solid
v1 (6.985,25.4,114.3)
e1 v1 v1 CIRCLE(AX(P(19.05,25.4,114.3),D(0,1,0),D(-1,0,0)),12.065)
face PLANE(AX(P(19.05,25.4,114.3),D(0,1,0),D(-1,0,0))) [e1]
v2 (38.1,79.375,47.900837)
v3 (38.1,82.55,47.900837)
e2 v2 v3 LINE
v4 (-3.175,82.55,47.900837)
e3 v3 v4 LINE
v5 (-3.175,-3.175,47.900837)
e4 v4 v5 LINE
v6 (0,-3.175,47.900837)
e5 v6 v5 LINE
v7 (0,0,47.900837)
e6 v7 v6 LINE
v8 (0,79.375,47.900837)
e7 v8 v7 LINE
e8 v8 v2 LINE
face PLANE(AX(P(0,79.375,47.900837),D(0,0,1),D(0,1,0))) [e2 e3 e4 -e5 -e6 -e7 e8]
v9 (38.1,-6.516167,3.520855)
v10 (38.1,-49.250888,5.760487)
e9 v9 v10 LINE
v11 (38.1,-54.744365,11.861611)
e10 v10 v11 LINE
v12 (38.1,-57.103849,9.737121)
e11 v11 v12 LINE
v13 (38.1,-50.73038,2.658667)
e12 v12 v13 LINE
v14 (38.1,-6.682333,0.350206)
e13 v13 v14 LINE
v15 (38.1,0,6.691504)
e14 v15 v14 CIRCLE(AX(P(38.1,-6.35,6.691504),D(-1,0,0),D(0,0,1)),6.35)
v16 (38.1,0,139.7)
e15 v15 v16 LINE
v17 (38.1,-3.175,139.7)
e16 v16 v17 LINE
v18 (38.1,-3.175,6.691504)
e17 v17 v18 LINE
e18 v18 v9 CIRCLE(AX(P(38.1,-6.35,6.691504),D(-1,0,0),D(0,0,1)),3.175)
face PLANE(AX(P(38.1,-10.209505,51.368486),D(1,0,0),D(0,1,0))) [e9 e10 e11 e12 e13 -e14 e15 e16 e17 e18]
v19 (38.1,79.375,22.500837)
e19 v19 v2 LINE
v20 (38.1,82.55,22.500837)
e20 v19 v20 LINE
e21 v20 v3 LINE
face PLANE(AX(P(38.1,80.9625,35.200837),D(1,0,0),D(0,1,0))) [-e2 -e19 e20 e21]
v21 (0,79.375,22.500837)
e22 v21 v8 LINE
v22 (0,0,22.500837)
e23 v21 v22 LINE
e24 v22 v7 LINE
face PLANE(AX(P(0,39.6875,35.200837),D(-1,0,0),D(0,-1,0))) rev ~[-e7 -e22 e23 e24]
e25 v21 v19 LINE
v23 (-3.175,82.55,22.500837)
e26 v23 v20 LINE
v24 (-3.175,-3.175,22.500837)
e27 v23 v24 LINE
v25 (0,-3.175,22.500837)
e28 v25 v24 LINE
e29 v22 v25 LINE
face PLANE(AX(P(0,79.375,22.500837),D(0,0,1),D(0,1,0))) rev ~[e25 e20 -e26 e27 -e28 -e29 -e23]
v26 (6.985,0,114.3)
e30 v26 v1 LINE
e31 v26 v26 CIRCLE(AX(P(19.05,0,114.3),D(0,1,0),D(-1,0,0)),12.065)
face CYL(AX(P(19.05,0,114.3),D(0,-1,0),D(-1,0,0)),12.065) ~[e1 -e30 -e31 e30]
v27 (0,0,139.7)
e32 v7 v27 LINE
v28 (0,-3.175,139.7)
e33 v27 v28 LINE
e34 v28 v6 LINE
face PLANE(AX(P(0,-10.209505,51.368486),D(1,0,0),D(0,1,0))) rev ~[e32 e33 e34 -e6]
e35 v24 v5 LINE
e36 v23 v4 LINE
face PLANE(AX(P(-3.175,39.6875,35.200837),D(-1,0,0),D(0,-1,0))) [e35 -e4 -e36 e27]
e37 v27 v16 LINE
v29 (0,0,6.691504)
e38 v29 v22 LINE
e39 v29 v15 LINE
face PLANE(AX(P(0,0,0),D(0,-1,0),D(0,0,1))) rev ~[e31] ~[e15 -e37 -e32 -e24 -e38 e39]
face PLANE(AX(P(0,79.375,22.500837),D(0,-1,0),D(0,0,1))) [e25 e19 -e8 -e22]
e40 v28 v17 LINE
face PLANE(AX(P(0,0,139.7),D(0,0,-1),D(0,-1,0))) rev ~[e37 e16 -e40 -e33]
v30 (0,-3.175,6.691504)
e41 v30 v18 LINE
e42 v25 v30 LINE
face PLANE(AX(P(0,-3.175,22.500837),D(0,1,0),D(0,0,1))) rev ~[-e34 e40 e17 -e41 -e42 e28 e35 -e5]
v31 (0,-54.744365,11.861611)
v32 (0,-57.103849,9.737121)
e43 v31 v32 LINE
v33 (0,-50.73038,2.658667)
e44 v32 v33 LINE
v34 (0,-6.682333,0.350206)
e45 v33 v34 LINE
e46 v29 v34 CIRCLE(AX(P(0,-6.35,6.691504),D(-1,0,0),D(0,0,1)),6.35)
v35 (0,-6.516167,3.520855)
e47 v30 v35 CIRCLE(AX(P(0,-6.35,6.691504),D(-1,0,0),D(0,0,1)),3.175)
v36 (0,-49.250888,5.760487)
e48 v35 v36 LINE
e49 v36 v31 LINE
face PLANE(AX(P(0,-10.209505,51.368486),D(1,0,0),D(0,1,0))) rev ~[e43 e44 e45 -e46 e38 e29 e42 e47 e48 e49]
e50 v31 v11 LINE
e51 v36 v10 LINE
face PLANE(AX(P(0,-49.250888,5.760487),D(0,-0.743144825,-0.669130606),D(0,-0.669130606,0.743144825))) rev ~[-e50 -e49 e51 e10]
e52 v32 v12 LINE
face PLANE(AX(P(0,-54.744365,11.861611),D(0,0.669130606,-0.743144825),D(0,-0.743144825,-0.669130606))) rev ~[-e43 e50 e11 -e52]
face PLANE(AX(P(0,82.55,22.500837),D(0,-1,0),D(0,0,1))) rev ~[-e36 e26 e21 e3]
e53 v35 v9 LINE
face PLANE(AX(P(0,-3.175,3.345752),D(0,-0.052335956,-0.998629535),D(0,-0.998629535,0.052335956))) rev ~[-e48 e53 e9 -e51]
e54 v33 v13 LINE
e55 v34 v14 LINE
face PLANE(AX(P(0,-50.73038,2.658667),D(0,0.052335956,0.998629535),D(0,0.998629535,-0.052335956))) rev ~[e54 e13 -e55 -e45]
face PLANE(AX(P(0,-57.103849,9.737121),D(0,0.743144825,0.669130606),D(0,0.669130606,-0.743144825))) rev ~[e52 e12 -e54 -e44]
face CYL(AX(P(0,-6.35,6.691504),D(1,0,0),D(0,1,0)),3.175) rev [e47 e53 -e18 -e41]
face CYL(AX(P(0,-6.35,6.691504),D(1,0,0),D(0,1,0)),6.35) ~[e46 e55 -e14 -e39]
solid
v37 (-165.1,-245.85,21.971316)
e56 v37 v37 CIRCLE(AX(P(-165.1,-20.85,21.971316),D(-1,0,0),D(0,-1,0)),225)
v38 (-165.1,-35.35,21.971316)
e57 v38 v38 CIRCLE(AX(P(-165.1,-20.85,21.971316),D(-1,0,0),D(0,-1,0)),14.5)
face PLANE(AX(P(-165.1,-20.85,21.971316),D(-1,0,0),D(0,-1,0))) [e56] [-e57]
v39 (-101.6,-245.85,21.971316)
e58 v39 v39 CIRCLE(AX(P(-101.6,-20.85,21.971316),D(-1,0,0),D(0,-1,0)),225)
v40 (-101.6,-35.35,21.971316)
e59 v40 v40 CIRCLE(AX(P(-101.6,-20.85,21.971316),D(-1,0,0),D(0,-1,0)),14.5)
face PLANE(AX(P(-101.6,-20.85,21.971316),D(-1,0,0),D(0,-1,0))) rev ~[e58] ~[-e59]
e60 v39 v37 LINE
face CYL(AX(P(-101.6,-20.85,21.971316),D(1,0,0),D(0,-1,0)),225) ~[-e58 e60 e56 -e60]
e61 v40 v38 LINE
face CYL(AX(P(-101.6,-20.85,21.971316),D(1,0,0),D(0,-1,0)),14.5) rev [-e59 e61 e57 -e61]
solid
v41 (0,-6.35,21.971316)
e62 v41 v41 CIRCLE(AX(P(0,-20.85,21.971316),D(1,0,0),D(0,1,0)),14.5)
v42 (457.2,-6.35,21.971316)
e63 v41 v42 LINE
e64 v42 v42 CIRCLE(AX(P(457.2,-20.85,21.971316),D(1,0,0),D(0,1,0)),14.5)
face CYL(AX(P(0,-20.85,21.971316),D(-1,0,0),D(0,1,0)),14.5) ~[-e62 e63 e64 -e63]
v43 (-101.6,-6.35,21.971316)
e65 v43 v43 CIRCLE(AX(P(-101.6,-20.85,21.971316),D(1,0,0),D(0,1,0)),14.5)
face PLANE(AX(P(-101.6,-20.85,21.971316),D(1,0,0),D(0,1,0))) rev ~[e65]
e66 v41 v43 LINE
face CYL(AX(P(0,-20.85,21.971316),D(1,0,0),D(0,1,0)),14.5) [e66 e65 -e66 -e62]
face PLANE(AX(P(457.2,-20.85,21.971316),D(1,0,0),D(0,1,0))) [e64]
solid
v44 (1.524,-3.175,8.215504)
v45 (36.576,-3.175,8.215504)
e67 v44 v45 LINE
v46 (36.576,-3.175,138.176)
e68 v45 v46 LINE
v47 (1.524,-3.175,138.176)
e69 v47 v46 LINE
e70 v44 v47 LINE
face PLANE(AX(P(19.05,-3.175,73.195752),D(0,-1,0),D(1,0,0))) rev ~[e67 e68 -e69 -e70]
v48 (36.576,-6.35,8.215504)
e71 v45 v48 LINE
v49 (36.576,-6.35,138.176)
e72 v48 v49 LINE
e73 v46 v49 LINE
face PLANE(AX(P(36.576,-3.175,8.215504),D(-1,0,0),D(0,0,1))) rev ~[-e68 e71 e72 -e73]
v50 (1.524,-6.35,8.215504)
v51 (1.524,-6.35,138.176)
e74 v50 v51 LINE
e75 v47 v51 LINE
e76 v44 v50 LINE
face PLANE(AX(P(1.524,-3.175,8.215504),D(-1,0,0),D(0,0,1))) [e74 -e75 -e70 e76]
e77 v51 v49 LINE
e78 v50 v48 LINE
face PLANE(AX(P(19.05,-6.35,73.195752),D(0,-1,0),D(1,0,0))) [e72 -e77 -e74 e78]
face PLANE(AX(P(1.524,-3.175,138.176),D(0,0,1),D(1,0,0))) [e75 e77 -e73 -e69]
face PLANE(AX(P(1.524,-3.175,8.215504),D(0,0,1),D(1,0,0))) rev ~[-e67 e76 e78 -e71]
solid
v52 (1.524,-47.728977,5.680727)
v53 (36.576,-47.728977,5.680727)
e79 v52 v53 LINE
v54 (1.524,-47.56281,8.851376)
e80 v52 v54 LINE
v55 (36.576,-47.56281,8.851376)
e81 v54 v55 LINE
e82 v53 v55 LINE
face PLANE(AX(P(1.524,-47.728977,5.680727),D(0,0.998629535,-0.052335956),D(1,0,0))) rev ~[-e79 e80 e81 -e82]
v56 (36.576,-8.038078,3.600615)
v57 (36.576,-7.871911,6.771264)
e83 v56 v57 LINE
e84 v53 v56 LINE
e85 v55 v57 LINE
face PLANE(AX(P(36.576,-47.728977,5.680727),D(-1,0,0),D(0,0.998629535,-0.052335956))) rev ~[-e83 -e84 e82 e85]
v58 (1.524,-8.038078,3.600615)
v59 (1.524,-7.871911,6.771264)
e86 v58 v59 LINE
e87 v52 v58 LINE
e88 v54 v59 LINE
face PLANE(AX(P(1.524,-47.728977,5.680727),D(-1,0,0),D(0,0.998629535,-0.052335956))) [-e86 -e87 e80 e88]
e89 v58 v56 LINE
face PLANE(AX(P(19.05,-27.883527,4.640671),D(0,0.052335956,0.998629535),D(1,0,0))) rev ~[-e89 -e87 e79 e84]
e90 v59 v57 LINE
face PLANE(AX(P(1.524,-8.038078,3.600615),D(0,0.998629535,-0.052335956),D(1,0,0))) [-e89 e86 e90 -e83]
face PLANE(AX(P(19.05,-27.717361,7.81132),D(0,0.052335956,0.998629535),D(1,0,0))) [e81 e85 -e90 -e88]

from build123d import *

# Parameters (mm, degrees)
F1_DEPTH       = 38.1
F2_R           = 3.175
F3_R           = 6.35
F4_W           = 85.725
F4_H           = 25.4
F5_DEPTH       = 3.175
F6_W           = 3.175
F6_H           = 25.4
F7_DEPTH       = 38.1
F8_R           = 12.065
F9_DEPTH       = 25.4
F10_W          = 35.052
F10_H          = 129.9604962045
F11_DEPTH      = 3.175
F12_W          = 35.052
F12_H          = 39.7453681439
F13_DEPTH      = 3.175
F14_R          = 14.5
F15_DEPTH      = 101.6
F15_DEPTH_BACK = 457.2
F16_R          = 225
F16_R_2        = 14.5
F17_DEPTH      = 63.5


with BuildPart() as f1:
    # F0 (on Right) → F1 (new body)
    with BuildSketch(Plane.YZ):
        Polygon((-50.7303803655, 2.6586665771), (0, 0), (0, 139.7), (-3.175, 139.7), (-3.175, 3.3457518978), (-49.2508879812, 5.7604868654), (-54.7443645702, 11.861610715), (-57.1038493911, 9.7371210398), align=None)
    extrude(amount=F1_DEPTH)

    # F2
    f2_edges = [f1.edges().sort_by_distance(p)[0] for p in [
        (19.05, -3.175, 3.345752),
    ]]
    fillet(f2_edges, radius=F2_R)

    # F3
    f3_edges = [f1.edges().sort_by_distance(p)[0] for p in [
        (19.05, 0, 0),
    ]]
    fillet(f3_edges, radius=F3_R)

    # F4 (on face) → F5 (join)
    with BuildSketch(Plane(origin=(0, 0, 0), x_dir=(0, -1, 0), z_dir=(-1, 0, 0))):
        with Locations((-39.6875, 35.2008372217)):
            Rectangle(F4_W, F4_H)
    extrude(amount=F5_DEPTH)

    # F6 (on face) → F7 (join)
    with BuildSketch(Plane.YZ):
        with Locations((80.9625, 35.2008372217)):
            Rectangle(F6_W, F6_H)
    extrude(amount=F7_DEPTH)

    # F8 (on face) → F9 (join)
    with BuildSketch(Plane(origin=(0, 0, 0), x_dir=(-1, 0, 0), z_dir=(0, 1, 0))):
        with Locations((-19.05, 114.3)):
            Circle(F8_R)
    extrude(amount=F9_DEPTH)


with BuildPart() as f11:
    # F10 (on face) → F11 (new body)
    with BuildSketch(Plane.XZ.offset(3.175)):
        with Locations((19.05, 73.1957518978)):
            Rectangle(F10_W, F10_H)
    extrude(amount=F11_DEPTH)


with BuildPart() as f13:
    # F12 (on face) → F13 (new body)
    with BuildSketch(Plane(origin=(0, 0.1661666611, 3.1706487728), x_dir=(1, 0, 0), z_dir=(0, 0.0523359562, 0.9986295348))):
        with Locations((19.05, -28.0881878675)):
            Rectangle(F12_W, F12_H)
    extrude(amount=F13_DEPTH)


with BuildPart() as f15:
    # F14 (on Right) → F15 (new body, two sides)
    with BuildSketch(Plane.YZ) as f15_sk:
        with Locations((-20.85, 21.9713156121)):
            Circle(F14_R)
    extrude(amount=-F15_DEPTH)
    extrude(f15_sk.sketch, amount=F15_DEPTH_BACK)


with BuildPart() as f17:
    # F16 (on face) → F17 (new body)
    with BuildSketch(Plane(origin=(-101.6, 0, 0), x_dir=(0, -1, 0), z_dir=(-1, 0, 0))):
        with Locations((20.85, 21.9713156121)):
            Circle(F16_R)
        with Locations((20.85, 21.9713156121)):
            Circle(F16_R_2, mode=Mode.SUBTRACT)
    extrude(amount=F17_DEPTH)


solid = Compound([f1.part, f11.part, f13.part, f15.part, f17.part])
